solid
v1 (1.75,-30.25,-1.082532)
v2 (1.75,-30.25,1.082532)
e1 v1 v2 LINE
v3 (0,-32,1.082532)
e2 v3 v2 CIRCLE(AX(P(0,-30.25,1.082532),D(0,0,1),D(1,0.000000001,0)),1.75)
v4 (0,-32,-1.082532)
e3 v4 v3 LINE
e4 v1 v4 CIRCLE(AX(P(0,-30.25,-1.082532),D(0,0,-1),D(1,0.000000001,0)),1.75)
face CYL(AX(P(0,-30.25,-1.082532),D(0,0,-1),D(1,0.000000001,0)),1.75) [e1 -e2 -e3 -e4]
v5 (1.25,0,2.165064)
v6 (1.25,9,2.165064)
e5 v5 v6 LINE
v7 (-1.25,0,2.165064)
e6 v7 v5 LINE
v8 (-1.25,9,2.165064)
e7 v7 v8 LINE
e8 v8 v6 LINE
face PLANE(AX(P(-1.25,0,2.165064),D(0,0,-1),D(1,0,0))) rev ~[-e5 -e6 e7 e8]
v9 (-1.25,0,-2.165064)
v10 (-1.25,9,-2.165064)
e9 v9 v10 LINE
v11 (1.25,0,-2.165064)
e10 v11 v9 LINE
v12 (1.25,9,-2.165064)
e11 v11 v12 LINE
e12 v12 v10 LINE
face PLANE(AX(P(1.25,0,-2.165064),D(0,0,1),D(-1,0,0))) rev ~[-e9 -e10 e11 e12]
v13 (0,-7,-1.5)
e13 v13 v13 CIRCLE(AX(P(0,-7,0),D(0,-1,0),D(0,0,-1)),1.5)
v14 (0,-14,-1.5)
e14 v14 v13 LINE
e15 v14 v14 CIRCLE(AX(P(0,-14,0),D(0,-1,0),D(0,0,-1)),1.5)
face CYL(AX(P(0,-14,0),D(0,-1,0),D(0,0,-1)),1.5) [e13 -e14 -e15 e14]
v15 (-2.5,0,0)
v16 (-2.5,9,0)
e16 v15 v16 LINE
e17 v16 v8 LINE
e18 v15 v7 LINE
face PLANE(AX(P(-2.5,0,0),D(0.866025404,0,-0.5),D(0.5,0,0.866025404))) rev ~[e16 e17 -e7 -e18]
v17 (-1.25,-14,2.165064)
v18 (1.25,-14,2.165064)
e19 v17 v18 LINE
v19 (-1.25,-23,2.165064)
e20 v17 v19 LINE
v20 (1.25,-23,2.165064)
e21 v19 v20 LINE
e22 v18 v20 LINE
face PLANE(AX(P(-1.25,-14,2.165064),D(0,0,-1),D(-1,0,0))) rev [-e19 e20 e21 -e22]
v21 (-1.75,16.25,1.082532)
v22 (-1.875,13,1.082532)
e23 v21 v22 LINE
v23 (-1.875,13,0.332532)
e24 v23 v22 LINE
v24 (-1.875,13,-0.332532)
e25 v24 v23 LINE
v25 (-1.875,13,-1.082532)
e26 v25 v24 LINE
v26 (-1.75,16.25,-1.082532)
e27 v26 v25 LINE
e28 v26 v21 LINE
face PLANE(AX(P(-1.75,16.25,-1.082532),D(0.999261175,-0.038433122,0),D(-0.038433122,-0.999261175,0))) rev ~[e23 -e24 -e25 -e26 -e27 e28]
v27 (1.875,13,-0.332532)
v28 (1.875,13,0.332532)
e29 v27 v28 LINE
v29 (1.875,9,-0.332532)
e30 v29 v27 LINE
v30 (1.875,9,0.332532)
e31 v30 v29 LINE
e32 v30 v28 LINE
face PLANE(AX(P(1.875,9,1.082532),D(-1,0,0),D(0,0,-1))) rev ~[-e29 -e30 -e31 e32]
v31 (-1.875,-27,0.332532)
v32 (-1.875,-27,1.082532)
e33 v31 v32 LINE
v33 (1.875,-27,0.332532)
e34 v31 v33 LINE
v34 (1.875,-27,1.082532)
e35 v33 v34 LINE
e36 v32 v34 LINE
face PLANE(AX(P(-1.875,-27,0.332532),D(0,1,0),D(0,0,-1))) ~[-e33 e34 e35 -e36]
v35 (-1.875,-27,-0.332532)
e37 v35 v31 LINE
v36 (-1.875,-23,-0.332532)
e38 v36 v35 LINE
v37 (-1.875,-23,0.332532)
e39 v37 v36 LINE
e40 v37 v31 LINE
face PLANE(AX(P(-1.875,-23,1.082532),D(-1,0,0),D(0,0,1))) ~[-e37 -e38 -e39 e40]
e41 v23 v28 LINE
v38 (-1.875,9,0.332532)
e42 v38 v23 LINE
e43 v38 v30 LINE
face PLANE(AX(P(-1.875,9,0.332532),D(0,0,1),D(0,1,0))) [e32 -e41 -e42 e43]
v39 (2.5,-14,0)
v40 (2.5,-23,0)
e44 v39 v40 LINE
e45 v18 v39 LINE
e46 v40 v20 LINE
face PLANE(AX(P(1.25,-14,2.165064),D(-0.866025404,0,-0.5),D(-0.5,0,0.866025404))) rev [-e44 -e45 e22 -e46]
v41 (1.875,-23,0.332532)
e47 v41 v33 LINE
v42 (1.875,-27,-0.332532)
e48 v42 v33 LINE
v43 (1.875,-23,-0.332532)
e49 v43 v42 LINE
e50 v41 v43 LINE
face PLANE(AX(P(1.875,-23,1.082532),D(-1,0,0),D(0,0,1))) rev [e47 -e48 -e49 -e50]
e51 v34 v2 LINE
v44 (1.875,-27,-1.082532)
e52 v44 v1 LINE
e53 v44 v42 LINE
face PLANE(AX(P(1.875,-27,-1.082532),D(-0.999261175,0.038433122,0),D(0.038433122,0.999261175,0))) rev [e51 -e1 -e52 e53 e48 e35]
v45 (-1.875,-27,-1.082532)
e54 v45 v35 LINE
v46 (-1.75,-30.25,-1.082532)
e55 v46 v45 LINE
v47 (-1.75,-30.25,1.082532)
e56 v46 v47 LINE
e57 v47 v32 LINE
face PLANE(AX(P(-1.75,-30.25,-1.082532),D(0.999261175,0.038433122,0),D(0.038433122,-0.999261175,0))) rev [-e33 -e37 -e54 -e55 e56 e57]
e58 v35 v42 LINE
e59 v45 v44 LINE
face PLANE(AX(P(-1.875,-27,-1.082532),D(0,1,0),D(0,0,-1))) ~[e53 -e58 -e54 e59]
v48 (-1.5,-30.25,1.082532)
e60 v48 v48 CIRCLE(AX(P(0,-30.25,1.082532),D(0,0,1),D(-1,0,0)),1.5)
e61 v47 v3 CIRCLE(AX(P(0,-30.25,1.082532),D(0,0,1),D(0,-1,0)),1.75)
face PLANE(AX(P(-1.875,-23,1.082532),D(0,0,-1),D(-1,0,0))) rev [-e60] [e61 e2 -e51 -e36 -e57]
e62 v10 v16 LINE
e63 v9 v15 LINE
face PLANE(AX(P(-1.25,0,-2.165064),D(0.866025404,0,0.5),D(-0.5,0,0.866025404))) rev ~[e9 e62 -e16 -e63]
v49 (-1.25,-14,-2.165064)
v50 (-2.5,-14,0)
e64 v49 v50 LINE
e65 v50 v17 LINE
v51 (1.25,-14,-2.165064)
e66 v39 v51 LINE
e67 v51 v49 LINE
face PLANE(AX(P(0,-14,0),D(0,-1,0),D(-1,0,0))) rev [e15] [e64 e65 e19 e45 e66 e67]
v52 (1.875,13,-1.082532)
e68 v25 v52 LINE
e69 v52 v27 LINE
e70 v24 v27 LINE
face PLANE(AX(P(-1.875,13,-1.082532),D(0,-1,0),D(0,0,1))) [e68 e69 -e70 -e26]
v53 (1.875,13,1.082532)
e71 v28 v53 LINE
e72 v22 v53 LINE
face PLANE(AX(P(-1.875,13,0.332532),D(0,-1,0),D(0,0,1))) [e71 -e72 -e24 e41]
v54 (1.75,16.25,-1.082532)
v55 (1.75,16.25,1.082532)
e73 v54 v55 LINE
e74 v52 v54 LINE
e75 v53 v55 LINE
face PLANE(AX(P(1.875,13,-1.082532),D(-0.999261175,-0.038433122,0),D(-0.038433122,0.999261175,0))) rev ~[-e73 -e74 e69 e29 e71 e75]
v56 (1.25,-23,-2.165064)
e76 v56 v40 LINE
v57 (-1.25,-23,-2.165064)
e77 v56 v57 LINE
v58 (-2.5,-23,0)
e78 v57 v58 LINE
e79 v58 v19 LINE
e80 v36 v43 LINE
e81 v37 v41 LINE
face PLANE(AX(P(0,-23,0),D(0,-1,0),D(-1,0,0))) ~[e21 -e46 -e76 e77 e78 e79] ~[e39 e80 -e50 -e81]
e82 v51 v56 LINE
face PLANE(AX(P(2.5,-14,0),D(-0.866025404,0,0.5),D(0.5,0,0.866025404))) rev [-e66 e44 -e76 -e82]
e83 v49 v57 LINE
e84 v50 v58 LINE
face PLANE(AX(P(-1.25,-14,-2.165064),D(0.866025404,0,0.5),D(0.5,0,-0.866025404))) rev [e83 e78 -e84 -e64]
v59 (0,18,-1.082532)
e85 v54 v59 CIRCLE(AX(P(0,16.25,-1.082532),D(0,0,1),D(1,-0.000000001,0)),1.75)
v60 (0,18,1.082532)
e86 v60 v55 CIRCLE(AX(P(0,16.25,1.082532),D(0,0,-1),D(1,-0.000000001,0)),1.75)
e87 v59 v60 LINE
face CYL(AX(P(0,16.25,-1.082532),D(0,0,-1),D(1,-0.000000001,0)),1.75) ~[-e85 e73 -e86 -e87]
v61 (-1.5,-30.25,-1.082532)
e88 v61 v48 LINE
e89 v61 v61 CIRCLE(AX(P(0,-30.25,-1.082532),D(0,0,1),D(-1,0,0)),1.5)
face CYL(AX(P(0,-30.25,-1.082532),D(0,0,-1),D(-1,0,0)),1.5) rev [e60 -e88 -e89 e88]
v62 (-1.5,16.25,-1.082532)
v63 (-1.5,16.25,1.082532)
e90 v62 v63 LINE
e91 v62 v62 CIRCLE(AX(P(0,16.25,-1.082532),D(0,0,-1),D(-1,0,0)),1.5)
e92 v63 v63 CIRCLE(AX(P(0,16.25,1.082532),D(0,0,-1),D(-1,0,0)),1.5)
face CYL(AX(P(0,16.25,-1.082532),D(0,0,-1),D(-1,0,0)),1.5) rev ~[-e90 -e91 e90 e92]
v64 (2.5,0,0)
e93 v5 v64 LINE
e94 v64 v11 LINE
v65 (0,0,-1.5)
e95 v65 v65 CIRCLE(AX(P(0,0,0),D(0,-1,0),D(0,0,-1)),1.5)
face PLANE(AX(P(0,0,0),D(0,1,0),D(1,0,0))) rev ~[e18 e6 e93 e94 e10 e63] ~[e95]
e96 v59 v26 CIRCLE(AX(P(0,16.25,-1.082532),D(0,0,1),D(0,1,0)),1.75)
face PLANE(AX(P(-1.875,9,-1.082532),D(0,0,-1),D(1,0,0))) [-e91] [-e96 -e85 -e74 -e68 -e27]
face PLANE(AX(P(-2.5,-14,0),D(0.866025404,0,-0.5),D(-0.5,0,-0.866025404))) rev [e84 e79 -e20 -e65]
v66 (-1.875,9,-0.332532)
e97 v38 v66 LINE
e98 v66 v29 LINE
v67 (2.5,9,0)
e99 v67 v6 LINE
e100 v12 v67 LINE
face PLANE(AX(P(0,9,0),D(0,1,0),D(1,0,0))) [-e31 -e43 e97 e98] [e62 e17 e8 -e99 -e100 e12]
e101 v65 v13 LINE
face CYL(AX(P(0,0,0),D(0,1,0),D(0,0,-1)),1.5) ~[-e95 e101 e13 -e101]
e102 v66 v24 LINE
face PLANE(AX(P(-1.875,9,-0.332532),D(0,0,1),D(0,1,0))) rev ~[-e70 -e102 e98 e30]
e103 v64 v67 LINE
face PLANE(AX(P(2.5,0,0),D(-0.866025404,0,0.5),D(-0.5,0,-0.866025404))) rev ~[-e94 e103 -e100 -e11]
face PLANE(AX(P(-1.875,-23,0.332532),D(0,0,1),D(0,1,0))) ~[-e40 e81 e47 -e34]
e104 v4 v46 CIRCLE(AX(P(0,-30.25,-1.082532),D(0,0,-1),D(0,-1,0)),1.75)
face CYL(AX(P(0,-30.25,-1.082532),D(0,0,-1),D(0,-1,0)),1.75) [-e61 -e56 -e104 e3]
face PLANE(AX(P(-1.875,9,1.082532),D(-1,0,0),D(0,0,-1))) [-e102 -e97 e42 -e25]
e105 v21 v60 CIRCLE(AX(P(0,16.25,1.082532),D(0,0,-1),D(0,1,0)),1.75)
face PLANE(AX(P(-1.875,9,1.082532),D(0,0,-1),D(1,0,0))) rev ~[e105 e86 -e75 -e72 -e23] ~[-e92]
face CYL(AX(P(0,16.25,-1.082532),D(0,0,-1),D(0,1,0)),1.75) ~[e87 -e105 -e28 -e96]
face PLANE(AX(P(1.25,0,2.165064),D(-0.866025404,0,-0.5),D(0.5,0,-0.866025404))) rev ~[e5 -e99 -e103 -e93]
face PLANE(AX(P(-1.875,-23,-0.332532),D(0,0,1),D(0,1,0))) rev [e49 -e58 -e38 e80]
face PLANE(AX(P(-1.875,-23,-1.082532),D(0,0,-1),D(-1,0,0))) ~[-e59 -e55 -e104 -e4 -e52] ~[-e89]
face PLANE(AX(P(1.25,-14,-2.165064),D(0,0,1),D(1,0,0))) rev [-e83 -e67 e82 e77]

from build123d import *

# Parameters (mm, degrees)
BOSS_EXTRUDE1_DEPTH = 9
SKETCH2_R           = 1.5
BOSS_EXTRUDE2_DEPTH = 7
SKETCH3_W           = 3.75
SKETCH3_H           = 2.16506351
BOSS_EXTRUDE3_DEPTH = 9
SKETCH4_W           = 0.75
SKETCH4_H           = 4
CUT_EXTRUDE1_DEPTH  = 19.650150804
SKETCH5_R           = 1.5
CUT_EXTRUDE2_DEPTH  = 19.460684576


with BuildPart() as part:
    # Sketch1 → Boss-Extrude1 (new body)
    with BuildSketch(Plane(origin=(0, 0, 0), x_dir=(1, 0, 0), z_dir=(0, 1, 0))):
        Polygon((2.5, 0), (1.25, 2.165063509), (-1.25, 2.165063509), (-2.5, 0), (-1.25, -2.165063509), (1.25, -2.165063509), align=None)
    extrude(amount=BOSS_EXTRUDE1_DEPTH)

    # Sketch2 → Boss-Extrude2 (add)
    with BuildSketch(Plane.XZ):
        with Locations(Location((0, 0, 0), (0, 0, 270))):
            Circle(SKETCH2_R)
    extrude(amount=BOSS_EXTRUDE2_DEPTH)

    # Sketch3 → Boss-Extrude3 (add)
    with BuildSketch(Plane(origin=(0, 9, 0), x_dir=(1, 0, 0), z_dir=(0, 1, 0))):
        Rectangle(SKETCH3_W, SKETCH3_H)
    extrude(amount=BOSS_EXTRUDE3_DEPTH)

    # Sketch4 → Cut-Extrude1 (cut, through all)
    with BuildSketch(Plane.ZY.offset(1.875)):
        with Locations((-0.707531755, 11)):
            Rectangle(SKETCH4_W, SKETCH4_H)
        with Locations((0.707531755, 11)):
            Rectangle(SKETCH4_W, SKETCH4_H)
    extrude(amount=-CUT_EXTRUDE1_DEPTH, mode=Mode.SUBTRACT)

    # Sketch5 → Cut-Extrude2 (cut, through all)
    with BuildSketch(Plane(origin=(0, 0, -1.082531755), x_dir=(-1, 0, 0), z_dir=(0, 0, -1))):
        with Locations((0, 16.25)):
            Circle(SKETCH5_R)
        with BuildLine():
            ThreePointArc((-1.75, 16.25), (-1.237436867, 17.487436868), (2e-09, 18))
            Line((2e-09, 18), (-1.875, 18))
            Line((-1.875, 18), (-1.875, 13))
            Line((-1.875, 13), (-1.75, 16.25))
        make_face()
        with BuildLine():
            ThreePointArc((2e-09, 18), (1.237436868, 17.487436867), (1.75, 16.25))
            Line((1.75, 16.25), (1.875, 13))
            Line((1.875, 13), (1.875, 18))
            Line((1.875, 18), (2e-09, 18))
        make_face()
    extrude(amount=-CUT_EXTRUDE2_DEPTH, mode=Mode.SUBTRACT)

    # Mirror1: part across plane


with BuildPart() as part_1:
    add(part.part)
    add(part.part.mirror(Plane(origin=(0, -7, 0), x_dir=(0, 0, 1), z_dir=(0, -1, 0))))


solid = part_1.part
